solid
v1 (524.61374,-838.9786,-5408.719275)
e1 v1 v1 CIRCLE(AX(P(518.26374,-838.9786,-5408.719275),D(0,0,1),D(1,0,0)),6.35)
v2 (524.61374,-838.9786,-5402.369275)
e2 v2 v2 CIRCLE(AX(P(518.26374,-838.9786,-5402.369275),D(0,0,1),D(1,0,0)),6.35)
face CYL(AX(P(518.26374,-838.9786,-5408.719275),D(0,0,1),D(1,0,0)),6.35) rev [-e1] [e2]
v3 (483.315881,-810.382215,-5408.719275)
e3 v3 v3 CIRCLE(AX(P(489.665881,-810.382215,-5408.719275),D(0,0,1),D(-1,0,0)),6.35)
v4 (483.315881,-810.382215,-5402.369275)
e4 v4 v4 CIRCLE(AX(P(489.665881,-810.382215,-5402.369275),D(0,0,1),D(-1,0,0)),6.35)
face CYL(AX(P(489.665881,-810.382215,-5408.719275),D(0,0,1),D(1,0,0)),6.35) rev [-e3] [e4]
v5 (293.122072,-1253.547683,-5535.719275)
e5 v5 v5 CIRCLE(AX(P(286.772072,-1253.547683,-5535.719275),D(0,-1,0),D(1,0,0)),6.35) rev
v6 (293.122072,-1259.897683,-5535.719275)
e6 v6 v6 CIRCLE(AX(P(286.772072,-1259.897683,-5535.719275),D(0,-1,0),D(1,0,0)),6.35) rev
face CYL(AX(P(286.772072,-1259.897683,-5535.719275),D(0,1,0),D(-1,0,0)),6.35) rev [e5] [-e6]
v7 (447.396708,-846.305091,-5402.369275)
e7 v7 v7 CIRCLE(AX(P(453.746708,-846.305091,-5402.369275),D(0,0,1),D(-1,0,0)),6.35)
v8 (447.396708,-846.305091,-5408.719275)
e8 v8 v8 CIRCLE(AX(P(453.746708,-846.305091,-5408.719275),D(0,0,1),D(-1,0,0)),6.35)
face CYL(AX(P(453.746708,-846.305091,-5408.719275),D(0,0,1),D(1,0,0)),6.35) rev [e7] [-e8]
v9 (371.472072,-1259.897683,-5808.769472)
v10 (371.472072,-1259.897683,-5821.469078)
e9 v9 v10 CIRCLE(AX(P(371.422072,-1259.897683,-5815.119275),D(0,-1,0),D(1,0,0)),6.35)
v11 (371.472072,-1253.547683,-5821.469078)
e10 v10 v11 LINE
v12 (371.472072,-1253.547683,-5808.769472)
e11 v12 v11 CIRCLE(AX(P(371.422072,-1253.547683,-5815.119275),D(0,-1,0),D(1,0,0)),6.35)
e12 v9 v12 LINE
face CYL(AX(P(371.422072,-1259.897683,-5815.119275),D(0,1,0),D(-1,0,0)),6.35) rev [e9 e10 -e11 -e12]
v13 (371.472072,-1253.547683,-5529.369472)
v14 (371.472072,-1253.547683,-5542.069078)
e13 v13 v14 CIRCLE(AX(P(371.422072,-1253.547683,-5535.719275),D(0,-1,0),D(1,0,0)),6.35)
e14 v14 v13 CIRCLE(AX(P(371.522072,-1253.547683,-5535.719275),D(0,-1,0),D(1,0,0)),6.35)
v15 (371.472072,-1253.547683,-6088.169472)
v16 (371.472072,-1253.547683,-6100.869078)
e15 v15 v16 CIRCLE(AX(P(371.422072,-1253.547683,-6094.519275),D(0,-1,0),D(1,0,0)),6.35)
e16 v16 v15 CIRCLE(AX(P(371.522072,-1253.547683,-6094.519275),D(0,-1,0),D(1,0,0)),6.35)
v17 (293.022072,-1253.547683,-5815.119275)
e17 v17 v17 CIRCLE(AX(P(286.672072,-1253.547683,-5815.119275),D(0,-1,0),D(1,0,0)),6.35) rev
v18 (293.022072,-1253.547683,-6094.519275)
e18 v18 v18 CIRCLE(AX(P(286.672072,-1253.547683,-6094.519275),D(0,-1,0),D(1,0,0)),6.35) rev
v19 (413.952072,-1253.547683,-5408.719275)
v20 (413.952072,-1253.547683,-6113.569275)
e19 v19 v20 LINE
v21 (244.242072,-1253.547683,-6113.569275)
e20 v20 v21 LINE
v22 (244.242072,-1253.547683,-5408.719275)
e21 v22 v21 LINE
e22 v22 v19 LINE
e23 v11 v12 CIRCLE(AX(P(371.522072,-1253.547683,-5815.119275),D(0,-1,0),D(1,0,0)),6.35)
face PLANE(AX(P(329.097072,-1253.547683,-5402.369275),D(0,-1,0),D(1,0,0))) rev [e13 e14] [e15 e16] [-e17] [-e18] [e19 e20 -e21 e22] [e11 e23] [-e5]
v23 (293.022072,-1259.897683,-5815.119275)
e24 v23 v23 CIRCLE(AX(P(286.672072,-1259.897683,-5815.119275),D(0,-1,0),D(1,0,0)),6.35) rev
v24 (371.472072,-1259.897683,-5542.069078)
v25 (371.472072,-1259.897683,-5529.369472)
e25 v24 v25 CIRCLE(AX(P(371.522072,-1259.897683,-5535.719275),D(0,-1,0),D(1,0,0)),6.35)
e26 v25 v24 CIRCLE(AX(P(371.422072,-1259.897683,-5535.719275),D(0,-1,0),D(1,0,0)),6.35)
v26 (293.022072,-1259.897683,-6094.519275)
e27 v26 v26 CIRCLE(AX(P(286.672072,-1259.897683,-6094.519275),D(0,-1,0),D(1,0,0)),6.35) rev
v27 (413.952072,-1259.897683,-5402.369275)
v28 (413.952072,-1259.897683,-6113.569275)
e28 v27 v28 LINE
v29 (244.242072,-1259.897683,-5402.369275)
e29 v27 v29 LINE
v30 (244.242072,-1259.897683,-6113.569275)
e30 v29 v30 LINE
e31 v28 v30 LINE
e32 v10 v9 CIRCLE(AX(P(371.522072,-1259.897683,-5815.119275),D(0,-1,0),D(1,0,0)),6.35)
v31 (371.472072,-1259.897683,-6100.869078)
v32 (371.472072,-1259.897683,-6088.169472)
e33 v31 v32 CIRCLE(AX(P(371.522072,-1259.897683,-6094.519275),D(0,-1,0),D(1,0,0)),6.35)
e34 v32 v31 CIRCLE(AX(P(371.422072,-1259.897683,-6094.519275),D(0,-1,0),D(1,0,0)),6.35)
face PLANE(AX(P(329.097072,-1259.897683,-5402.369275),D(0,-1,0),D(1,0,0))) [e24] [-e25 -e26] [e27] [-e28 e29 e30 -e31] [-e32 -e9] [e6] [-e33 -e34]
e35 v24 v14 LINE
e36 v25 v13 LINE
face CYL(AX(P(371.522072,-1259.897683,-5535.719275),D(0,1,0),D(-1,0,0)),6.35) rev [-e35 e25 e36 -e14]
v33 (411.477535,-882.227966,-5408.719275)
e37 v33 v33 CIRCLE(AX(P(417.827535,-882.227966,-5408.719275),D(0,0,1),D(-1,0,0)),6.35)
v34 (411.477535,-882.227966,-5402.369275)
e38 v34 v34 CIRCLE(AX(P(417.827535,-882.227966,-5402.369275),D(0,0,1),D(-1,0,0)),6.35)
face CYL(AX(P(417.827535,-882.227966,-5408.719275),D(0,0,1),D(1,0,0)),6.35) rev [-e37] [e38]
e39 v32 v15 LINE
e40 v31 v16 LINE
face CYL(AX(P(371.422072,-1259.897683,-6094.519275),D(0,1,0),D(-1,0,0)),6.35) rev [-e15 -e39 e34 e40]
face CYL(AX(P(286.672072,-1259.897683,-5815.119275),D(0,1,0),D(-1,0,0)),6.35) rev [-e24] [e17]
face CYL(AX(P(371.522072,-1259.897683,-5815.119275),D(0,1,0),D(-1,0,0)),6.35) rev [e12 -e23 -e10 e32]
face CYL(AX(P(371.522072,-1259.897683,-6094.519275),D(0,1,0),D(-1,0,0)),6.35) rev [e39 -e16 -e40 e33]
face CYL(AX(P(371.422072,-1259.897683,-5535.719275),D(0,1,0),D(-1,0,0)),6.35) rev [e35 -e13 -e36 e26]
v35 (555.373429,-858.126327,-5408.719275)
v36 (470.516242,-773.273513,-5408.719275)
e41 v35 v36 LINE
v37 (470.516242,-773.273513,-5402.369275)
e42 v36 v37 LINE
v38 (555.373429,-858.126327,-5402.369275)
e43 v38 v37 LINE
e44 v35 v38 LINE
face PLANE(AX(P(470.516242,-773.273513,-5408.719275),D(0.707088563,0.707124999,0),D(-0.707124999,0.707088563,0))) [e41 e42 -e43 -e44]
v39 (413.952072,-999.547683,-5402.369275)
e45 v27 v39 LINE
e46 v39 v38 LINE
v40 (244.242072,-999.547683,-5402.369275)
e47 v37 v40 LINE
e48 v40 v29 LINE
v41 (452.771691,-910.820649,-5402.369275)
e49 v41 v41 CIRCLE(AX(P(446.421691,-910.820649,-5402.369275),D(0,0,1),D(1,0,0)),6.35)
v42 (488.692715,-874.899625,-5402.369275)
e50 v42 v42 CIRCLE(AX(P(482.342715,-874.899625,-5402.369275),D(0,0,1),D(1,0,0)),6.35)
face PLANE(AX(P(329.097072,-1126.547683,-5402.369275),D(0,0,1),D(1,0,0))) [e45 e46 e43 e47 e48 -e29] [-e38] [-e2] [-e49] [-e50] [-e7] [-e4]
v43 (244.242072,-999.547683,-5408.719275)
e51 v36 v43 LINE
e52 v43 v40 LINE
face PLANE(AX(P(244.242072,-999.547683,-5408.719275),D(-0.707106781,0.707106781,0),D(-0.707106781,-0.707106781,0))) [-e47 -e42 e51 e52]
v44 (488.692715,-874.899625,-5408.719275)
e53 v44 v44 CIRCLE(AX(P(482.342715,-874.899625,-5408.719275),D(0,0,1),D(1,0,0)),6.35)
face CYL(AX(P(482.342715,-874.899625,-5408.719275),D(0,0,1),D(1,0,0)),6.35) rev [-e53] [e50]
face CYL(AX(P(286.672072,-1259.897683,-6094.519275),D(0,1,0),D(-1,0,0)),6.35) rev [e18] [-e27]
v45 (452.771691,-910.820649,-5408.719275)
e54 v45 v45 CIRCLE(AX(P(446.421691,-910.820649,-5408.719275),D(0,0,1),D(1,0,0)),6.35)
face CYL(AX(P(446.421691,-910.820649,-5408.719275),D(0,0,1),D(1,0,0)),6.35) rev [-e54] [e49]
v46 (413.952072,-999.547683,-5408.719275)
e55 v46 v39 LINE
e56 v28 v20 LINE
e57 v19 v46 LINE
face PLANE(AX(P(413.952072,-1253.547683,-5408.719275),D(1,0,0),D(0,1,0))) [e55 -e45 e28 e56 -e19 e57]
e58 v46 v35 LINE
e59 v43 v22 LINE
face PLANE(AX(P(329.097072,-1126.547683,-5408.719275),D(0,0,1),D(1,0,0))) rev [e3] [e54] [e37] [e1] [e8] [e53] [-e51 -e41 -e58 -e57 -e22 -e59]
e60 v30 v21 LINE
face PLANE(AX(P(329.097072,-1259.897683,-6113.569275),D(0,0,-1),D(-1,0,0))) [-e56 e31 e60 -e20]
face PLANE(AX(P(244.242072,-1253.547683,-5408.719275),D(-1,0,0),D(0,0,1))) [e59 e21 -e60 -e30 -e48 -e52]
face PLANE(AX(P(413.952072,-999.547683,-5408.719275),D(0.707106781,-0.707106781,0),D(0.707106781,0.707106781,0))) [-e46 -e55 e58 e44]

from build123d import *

# Parameters (mm, degrees)
SKETCH1_R           = 161.29
BOSS_EXTRUDE1_DEPTH = 161.29
SKETCH3_W           = 4310.634
SKETCH3_H           = 18064.48
SKETCH3_R           = 161.29
BOSS_EXTRUDE3_DEPTH = 161.29
SCALE2_SCALE        = 0.039370079


with BuildPart() as part:
    # Sketch1 → Boss-Extrude1 (new body)
    with BuildSketch(Plane.XY):
        Polygon((-2155.317, 3225.8), (3592.046917484, 8973.163917484), (5747.419448428, 6817.902448428), (2155.317, 3225.8), (2155.317, -3225.8), (-2155.317, -3225.8), align=None)
        with Locations((4804.833357851, 7304.254711836)):
            Circle(SKETCH1_R, mode=Mode.SUBTRACT)
        with Locations((3892.43933595, 6391.860689935)):
            Circle(SKETCH1_R, mode=Mode.SUBTRACT)
        with Locations((2980.04531405, 5479.466668034)):
            Circle(SKETCH1_R, mode=Mode.SUBTRACT)
        with Locations(Location((2253.753739605, 6205.720818177, 0), (0, 0, 180))):
            Circle(SKETCH1_R, mode=Mode.SUBTRACT)
        with Locations(Location((3166.100745307, 7118.161853854, 0), (0, 0, 180))):
            Circle(SKETCH1_R, mode=Mode.SUBTRACT)
        with Locations(Location((4078.447751009, 8030.602889531, 0), (0, 0, 180))):
            Circle(SKETCH1_R, mode=Mode.SUBTRACT)
    extrude(amount=-BOSS_EXTRUDE1_DEPTH)

    # Sketch3 → Boss-Extrude3 (add)
    with BuildSketch(Plane(origin=(0, -3225.8, 0), x_dir=(-1, 0, 0), z_dir=(0, -1, 0))):
        with Locations((0, 9032.24)):
            Rectangle(SKETCH3_W, SKETCH3_H)
        with BuildLine():
            ThreePointArc((-1076.325000002, 3548.374999923), (-961.455647452, 3501.587385122), (-913.765000004, 3387.09))
            ThreePointArc((-913.765000004, 3387.09), (-961.455647452, 3272.592614878), (-1076.325000002, 3225.805000077))
            ThreePointArc((-1076.325000002, 3225.805000077), (-1238.885, 3387.09), (-1076.325000002, 3548.374999923))
        make_face(mode=Mode.SUBTRACT)
        with Locations(Location((1075.054999996, 3387.089999999, 0), (0, 0, 180))):
            Circle(SKETCH3_R, mode=Mode.SUBTRACT)
        with BuildLine():
            ThreePointArc((-1076.325000001, 10322.565000077), (-1238.885, 10483.85), (-1076.325, 10645.134999923))
            ThreePointArc((-1076.325, 10645.134999923), (-961.455647452, 10598.347385122), (-913.765000004, 10483.85))
            ThreePointArc((-913.765000004, 10483.85), (-961.455647452, 10369.352614878), (-1076.325000001, 10322.565000077))
        make_face(mode=Mode.SUBTRACT)
        with BuildLine():
            ThreePointArc((-1076.325000002, 17419.325000077), (-1238.885, 17580.61), (-1076.325000002, 17741.894999923))
            ThreePointArc((-1076.325000002, 17741.894999923), (-961.455647452, 17695.107385122), (-913.765000004, 17580.61))
            ThreePointArc((-913.765000004, 17580.61), (-961.455647452, 17466.112614878), (-1076.325000002, 17419.325000077))
        make_face(mode=Mode.SUBTRACT)
        with Locations(Location((1077.594999996, 10483.849999999, 0), (0, 0, 180))):
            Circle(SKETCH3_R, mode=Mode.SUBTRACT)
        with Locations(Location((1077.595, 17580.609999999, 0), (0, 0, 180))):
            Circle(SKETCH3_R, mode=Mode.SUBTRACT)
    extrude(amount=BOSS_EXTRUDE3_DEPTH)


with BuildPart() as part_1:
    # Scale2: scaled about (342.584657251, -1172.717670217, -5623.777851714)
    add(part.part.scale(SCALE2_SCALE).moved(Location((329.09707232, -1126.547683201, -5402.369274875))))


solid = part_1.part
